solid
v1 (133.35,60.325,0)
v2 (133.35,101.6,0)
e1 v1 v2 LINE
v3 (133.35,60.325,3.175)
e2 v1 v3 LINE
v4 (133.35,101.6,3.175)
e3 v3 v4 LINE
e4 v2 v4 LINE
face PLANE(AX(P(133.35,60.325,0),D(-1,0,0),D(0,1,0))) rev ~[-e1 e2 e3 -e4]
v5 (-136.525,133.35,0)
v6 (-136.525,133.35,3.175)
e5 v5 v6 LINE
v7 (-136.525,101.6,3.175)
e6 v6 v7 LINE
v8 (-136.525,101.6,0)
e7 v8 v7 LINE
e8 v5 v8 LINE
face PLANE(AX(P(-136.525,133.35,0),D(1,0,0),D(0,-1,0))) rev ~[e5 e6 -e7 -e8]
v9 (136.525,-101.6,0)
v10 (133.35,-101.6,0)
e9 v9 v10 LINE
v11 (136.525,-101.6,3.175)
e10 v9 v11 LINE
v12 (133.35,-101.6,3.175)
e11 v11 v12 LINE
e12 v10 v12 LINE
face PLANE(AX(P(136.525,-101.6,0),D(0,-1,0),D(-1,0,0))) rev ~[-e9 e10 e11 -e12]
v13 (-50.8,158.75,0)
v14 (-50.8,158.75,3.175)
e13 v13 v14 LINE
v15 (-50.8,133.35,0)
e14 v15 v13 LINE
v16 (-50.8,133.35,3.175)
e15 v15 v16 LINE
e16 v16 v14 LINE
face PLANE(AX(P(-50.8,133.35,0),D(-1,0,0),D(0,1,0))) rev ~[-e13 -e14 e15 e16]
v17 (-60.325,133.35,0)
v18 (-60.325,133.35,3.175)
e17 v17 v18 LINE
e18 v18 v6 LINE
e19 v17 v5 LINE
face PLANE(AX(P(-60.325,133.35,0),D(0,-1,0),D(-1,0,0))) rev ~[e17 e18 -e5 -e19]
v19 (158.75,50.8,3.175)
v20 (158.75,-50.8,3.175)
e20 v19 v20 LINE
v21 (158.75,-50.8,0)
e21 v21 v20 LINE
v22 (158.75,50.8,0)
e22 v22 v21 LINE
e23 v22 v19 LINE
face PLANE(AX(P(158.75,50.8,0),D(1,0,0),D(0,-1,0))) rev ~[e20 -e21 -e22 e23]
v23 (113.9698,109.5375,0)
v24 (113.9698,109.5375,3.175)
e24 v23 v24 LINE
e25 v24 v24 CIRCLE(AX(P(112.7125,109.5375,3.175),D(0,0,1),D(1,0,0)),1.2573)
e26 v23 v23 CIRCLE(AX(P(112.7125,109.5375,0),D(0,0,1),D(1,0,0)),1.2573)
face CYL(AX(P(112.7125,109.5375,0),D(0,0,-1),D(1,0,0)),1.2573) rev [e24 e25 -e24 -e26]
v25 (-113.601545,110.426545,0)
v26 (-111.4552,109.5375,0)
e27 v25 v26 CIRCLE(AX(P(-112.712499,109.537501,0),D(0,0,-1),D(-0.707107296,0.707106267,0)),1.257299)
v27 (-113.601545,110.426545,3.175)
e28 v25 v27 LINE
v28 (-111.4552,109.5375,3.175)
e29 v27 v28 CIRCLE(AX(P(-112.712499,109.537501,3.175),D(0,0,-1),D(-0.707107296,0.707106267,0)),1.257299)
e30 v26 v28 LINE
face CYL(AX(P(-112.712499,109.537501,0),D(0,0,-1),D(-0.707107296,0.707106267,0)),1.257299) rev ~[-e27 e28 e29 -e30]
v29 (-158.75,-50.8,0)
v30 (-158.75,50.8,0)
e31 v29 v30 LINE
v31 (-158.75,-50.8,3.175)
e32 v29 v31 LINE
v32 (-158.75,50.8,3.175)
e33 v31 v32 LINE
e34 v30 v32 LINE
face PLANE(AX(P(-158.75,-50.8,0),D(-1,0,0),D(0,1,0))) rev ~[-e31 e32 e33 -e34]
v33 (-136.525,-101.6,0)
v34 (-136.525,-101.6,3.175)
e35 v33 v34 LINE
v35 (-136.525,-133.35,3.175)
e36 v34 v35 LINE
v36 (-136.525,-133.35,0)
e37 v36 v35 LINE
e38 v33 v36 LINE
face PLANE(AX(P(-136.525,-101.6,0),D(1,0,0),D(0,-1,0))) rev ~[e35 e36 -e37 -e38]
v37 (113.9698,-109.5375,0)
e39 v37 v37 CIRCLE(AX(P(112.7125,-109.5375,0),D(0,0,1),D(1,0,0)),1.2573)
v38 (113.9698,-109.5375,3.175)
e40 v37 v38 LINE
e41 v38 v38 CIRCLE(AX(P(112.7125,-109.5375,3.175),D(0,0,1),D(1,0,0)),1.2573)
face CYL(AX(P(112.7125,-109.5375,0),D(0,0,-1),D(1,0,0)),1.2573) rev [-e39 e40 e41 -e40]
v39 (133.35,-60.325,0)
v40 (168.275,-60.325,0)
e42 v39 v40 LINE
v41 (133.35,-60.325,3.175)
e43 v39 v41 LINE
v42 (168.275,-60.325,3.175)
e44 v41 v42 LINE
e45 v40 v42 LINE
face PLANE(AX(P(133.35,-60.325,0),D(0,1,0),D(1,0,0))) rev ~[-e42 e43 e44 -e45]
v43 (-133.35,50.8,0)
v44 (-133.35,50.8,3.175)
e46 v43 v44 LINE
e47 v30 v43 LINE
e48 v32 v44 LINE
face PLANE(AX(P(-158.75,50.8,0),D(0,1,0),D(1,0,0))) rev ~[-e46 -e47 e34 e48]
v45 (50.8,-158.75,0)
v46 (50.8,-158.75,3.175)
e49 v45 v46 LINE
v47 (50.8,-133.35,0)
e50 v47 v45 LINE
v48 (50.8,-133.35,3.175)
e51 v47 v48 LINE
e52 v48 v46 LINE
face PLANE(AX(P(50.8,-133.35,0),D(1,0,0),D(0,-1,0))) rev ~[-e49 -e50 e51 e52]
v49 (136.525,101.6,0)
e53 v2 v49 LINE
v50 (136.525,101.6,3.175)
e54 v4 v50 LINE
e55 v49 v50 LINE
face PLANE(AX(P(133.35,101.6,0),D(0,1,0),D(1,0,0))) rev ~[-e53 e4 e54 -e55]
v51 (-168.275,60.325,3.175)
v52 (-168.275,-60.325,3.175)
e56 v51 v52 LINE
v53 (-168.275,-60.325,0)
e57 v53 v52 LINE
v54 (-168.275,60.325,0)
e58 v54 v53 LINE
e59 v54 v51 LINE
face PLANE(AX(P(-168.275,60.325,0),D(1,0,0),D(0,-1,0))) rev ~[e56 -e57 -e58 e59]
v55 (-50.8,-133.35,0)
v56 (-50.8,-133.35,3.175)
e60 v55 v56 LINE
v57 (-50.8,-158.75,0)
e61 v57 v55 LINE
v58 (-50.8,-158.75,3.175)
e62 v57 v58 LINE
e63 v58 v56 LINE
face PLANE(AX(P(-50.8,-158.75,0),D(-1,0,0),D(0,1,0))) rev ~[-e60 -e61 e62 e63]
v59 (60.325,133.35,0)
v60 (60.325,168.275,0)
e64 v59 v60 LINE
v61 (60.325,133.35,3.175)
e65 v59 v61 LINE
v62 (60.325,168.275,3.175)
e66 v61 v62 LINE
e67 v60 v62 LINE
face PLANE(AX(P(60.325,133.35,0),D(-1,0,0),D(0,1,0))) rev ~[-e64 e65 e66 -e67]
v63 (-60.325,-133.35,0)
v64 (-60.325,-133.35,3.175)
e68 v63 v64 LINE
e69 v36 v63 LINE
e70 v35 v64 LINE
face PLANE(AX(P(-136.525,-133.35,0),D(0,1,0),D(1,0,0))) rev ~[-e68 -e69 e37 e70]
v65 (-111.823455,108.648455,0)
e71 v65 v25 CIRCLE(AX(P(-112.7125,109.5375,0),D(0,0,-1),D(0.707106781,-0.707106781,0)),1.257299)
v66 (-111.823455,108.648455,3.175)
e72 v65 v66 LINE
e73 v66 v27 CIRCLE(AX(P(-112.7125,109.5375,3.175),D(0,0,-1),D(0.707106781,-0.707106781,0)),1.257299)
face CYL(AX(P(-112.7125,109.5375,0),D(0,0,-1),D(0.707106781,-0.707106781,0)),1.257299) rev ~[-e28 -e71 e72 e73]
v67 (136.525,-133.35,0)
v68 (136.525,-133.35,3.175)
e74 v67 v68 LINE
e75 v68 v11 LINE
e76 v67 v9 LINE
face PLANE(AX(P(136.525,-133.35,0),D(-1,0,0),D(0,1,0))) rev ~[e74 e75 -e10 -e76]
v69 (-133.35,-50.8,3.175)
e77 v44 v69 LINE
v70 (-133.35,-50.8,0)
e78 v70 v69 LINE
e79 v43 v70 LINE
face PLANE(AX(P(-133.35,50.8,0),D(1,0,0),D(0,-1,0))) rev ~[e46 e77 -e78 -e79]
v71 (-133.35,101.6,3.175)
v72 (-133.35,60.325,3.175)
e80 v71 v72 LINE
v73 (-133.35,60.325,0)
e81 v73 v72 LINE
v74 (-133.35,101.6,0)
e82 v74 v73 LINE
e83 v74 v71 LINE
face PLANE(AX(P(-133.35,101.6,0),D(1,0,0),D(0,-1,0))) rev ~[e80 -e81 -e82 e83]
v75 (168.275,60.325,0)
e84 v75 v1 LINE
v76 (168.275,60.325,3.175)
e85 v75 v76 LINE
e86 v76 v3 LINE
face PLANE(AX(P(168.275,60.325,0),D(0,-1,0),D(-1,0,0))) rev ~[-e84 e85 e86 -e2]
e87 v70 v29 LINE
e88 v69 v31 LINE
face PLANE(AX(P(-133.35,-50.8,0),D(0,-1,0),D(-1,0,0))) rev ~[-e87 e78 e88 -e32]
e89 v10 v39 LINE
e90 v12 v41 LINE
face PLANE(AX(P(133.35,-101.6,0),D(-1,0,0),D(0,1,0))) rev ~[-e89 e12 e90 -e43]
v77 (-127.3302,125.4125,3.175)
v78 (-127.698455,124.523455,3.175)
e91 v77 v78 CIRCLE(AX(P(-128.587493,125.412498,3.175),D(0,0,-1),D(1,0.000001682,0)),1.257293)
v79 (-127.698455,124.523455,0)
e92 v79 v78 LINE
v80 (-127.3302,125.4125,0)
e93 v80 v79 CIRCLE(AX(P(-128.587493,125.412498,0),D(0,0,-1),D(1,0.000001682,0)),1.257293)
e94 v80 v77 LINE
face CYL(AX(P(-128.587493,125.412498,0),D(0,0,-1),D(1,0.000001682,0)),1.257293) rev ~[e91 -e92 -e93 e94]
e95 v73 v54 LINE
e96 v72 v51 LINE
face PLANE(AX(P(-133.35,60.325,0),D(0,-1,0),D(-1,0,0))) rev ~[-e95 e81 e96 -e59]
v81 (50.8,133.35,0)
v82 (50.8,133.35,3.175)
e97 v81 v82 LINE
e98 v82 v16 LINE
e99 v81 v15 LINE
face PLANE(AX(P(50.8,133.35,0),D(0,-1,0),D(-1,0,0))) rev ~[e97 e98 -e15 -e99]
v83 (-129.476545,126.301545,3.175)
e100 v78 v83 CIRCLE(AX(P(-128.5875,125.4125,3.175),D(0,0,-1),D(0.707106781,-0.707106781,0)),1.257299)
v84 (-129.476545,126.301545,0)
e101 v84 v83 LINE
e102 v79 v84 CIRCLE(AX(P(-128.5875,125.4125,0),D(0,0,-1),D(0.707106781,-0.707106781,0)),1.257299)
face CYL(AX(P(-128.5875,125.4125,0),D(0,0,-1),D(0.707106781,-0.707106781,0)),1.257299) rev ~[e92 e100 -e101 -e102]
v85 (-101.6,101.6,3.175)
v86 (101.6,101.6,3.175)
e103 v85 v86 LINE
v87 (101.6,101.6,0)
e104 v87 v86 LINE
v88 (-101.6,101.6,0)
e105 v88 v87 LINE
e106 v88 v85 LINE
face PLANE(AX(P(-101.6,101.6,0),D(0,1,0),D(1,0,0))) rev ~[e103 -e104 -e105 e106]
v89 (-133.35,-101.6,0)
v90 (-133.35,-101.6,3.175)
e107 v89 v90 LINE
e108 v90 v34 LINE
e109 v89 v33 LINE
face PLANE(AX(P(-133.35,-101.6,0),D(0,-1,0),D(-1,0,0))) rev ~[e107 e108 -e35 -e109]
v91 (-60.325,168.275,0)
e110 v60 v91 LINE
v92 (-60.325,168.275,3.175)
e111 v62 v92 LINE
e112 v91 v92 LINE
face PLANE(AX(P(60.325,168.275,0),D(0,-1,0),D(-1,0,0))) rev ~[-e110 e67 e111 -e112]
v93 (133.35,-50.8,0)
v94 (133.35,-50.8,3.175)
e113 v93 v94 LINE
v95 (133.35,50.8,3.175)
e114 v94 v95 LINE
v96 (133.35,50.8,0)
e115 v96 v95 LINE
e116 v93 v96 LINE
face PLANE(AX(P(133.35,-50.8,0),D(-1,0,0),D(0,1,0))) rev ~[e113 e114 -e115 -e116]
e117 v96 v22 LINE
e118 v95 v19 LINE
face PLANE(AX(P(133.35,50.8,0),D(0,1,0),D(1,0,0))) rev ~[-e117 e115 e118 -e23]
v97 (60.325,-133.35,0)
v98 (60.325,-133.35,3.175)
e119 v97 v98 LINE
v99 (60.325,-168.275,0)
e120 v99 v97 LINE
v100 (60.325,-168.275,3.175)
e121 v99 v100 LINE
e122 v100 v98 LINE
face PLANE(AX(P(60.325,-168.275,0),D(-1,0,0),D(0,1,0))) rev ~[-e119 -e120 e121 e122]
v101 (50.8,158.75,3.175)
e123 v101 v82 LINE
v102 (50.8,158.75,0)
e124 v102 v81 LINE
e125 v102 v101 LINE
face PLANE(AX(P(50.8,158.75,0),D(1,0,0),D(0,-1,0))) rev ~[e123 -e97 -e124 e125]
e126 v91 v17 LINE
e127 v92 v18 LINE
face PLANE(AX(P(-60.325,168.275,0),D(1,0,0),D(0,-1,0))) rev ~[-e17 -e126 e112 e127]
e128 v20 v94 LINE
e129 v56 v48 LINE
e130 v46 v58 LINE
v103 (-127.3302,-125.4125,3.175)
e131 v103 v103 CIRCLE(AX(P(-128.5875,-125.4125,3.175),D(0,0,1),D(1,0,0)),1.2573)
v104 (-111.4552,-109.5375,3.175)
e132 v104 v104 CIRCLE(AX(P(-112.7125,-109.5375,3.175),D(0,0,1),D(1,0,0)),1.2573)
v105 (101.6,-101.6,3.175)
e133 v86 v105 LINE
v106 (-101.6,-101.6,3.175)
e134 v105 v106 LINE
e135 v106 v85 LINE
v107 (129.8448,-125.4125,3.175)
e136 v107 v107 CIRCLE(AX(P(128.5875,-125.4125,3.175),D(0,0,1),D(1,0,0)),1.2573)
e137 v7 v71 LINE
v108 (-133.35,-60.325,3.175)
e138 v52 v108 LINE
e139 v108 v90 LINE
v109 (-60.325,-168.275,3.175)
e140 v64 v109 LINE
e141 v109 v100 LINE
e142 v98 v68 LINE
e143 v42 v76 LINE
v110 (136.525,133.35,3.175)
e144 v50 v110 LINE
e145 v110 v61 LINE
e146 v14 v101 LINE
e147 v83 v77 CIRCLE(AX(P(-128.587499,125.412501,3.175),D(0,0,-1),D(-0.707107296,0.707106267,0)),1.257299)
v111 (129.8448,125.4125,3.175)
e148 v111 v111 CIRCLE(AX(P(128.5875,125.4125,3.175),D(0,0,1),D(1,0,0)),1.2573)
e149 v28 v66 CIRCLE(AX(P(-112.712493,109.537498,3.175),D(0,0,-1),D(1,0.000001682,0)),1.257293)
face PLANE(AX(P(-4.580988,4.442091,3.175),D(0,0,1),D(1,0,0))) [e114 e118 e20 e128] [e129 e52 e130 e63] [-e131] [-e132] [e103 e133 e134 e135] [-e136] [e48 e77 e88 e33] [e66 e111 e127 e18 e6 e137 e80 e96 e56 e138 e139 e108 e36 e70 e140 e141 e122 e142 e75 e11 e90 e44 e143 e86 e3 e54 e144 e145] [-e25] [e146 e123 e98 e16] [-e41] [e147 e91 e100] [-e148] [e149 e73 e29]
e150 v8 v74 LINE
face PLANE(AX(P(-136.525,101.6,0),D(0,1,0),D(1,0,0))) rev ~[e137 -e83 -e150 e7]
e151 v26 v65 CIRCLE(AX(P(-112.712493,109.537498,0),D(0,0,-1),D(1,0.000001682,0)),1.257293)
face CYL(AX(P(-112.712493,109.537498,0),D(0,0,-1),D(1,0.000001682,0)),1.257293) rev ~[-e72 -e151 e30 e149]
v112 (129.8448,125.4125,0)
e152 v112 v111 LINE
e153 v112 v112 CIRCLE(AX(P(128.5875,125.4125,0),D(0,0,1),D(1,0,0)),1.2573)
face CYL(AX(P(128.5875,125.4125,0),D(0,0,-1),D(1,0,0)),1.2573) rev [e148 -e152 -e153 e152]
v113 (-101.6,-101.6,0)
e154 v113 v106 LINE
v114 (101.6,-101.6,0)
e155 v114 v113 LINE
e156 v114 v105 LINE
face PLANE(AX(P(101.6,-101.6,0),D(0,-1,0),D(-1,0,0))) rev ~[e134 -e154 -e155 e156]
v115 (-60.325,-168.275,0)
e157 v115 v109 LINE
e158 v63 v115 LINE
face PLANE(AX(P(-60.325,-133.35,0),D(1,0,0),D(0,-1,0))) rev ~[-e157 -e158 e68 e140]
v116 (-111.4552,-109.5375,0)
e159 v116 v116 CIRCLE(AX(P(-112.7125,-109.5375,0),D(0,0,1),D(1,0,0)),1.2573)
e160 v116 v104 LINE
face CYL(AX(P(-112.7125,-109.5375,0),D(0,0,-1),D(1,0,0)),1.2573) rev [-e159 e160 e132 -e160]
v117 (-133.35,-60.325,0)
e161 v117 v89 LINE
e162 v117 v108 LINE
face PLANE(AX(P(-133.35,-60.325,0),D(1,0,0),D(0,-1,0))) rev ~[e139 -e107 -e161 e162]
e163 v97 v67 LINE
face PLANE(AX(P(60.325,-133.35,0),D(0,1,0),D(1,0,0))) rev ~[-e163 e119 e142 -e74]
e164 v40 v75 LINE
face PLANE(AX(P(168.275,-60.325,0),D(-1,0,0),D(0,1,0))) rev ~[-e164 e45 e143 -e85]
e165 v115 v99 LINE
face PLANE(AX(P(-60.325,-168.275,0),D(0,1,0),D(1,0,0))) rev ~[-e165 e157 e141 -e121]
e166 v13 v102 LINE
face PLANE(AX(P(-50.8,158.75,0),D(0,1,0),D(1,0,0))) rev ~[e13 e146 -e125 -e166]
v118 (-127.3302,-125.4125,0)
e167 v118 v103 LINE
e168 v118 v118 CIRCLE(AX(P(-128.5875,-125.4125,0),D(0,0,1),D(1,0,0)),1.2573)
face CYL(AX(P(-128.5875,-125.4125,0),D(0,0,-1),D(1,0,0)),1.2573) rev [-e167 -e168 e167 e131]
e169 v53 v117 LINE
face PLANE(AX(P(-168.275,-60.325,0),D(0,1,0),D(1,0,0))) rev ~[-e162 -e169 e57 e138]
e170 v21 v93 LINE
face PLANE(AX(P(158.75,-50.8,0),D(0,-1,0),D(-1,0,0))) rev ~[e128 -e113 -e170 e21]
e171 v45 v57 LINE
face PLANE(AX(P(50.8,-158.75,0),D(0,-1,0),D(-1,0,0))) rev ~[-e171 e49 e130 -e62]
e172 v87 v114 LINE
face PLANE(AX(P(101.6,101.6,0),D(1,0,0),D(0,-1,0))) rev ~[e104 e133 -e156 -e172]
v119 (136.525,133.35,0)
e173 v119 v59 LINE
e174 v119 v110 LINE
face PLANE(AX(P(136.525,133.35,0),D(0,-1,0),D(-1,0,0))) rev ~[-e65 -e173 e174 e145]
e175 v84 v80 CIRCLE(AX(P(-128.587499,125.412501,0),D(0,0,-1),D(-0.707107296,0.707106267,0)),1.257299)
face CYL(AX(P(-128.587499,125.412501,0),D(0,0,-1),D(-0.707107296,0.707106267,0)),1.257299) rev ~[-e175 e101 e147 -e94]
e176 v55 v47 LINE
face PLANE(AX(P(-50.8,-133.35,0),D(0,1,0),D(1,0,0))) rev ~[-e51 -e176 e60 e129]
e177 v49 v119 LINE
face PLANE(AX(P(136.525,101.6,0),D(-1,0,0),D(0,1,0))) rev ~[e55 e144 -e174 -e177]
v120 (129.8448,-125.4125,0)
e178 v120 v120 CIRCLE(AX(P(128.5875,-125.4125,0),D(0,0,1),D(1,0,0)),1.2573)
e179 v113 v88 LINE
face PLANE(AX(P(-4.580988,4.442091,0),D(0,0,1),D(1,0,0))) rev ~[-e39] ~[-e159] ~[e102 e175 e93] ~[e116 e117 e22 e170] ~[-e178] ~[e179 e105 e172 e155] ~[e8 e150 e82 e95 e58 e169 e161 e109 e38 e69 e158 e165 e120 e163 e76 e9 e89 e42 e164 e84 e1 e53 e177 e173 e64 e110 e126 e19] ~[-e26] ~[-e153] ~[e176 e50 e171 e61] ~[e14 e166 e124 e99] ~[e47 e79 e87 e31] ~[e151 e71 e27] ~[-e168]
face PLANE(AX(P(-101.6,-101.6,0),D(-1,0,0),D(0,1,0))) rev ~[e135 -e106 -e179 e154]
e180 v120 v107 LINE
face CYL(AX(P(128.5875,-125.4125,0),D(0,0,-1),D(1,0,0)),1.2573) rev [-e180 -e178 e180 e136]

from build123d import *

# Parameters (mm, degrees)
F0_R     = 1.2573
F1_DEPTH = 3.175


with BuildPart() as f1:
    # F0 (on Top) → F1 (new body)
    with BuildSketch(Plane.XY):
        with BuildLine():
            Line((-104.775, 133.35), (-104.775, 101.6))
            Line((-104.775, 101.6), (-111.823455, 108.648455))
            ThreePointArc((-111.823455, 108.648455), (-113.601545, 108.648455), (-113.601545, 110.426545))
            Line((-113.601545, 110.426545), (-120.65, 117.475))
            Line((-120.65, 117.475), (-127.698455, 124.523455))
            ThreePointArc((-127.698455, 124.523455), (-129.476545, 124.523455), (-129.476545, 126.301545))
            Line((-129.476545, 126.301545), (-136.525, 133.35))
            Line((-136.525, 133.35), (-136.525, 101.6))
            Line((-136.525, 101.6), (-133.35, 101.6))
            Line((-133.35, 101.6), (-133.35, 60.325))
            Line((-133.35, 60.325), (-133.35, 50.8))
            Line((-133.35, 50.8), (-133.35, -50.8))
            Line((-133.35, -50.8), (-133.35, -60.325))
            Line((-133.35, -60.325), (-133.35, -101.6))
            Line((-133.35, -101.6), (-136.525, -101.6))
            Line((-136.525, -101.6), (-136.525, -133.35))
            Line((-136.525, -133.35), (-60.325, -133.35))
            Line((-60.325, -133.35), (-50.8, -133.35))
            Line((-50.8, -133.35), (50.8, -133.35))
            Line((50.8, -133.35), (60.325, -133.35))
            Line((60.325, -133.35), (136.525, -133.35))
            Line((136.525, -133.35), (136.525, -101.6))
            Line((136.525, -101.6), (133.35, -101.6))
            Line((133.35, -101.6), (133.35, -60.325))
            Line((133.35, -60.325), (133.35, -50.8))
            Line((133.35, -50.8), (133.35, 0))
            Line((133.35, 0), (133.35, 50.8))
            Line((133.35, 50.8), (133.35, 60.325))
            Line((133.35, 60.325), (133.35, 101.6))
            Line((133.35, 101.6), (136.525, 101.6))
            Line((136.525, 101.6), (136.525, 133.35))
            Line((136.525, 133.35), (104.775, 133.35))
            Line((104.775, 133.35), (101.6, 133.35))
            Line((101.6, 133.35), (60.325, 133.35))
            Line((60.325, 133.35), (50.8, 133.35))
            Line((50.8, 133.35), (0, 133.35))
            Line((0, 133.35), (-50.8, 133.35))
            Line((-50.8, 133.35), (-60.325, 133.35))
            Line((-60.325, 133.35), (-101.6, 133.35))
            Line((-101.6, 133.35), (-104.775, 133.35))
        make_face()
        with Locations((-128.5875, -125.4125)):
            Circle(F0_R, mode=Mode.SUBTRACT)
        with Locations((-112.7125, -109.5375)):
            Circle(F0_R, mode=Mode.SUBTRACT)
        with Locations((112.7125, -109.5375)):
            Circle(F0_R, mode=Mode.SUBTRACT)
        with Locations((128.5875, -125.4125)):
            Circle(F0_R, mode=Mode.SUBTRACT)
        Polygon((0, 101.6), (101.6, 101.6), (101.6, 0), (101.6, -101.6), (0, -101.6), (-101.6, -101.6), (-101.6, 0), (-101.6, 101.6), align=None, mode=Mode.SUBTRACT)
        with Locations((112.7125, 109.5375)):
            Circle(F0_R, mode=Mode.SUBTRACT)
        with Locations((128.5875, 125.4125)):
            Circle(F0_R, mode=Mode.SUBTRACT)
        with BuildLine():
            Line((-111.823455, 108.648455), (-104.775, 101.6))
            Line((-104.775, 101.6), (-104.775, 133.35))
            Line((-104.775, 133.35), (-136.525, 133.35))
            Line((-136.525, 133.35), (-129.476545, 126.301545))
            ThreePointArc((-129.476545, 126.301545), (-128.106352, 126.574094), (-127.3302, 125.4125))
            ThreePointArc((-127.3302, 125.4125), (-127.425906, 124.931352), (-127.698455, 124.523455))
            Line((-127.698455, 124.523455), (-120.65, 117.475))
            Line((-120.65, 117.475), (-113.601545, 110.426545))
            ThreePointArc((-113.601545, 110.426545), (-112.231352, 110.699094), (-111.4552, 109.5375))
            ThreePointArc((-111.4552, 109.5375), (-111.550906, 109.056352), (-111.823455, 108.648455))
        make_face()
        Polygon((-60.325, 168.275), (-60.325, 133.35), (-50.8, 133.35), (-50.8, 158.75), (0, 158.75), (50.8, 158.75), (50.8, 133.35), (60.325, 133.35), (60.325, 168.275), (0, 168.275), align=None)
        Polygon((-133.35, 50.8), (-133.35, 60.325), (-168.275, 60.325), (-168.275, 0), (-168.275, -60.325), (-133.35, -60.325), (-133.35, -50.8), (-158.75, -50.8), (-158.75, 0), (-158.75, 50.8), align=None)
        Polygon((-50.8, -133.35), (-60.325, -133.35), (-60.325, -168.275), (0, -168.275), (60.325, -168.275), (60.325, -133.35), (50.8, -133.35), (50.8, -158.75), (0, -158.75), (-50.8, -158.75), align=None)
        Polygon((168.275, 60.325), (133.35, 60.325), (133.35, 50.8), (158.75, 50.8), (158.75, 0), (158.75, -50.8), (133.35, -50.8), (133.35, -60.325), (168.275, -60.325), (168.275, 0), align=None)
    extrude(amount=F1_DEPTH)


solid = f1.part
